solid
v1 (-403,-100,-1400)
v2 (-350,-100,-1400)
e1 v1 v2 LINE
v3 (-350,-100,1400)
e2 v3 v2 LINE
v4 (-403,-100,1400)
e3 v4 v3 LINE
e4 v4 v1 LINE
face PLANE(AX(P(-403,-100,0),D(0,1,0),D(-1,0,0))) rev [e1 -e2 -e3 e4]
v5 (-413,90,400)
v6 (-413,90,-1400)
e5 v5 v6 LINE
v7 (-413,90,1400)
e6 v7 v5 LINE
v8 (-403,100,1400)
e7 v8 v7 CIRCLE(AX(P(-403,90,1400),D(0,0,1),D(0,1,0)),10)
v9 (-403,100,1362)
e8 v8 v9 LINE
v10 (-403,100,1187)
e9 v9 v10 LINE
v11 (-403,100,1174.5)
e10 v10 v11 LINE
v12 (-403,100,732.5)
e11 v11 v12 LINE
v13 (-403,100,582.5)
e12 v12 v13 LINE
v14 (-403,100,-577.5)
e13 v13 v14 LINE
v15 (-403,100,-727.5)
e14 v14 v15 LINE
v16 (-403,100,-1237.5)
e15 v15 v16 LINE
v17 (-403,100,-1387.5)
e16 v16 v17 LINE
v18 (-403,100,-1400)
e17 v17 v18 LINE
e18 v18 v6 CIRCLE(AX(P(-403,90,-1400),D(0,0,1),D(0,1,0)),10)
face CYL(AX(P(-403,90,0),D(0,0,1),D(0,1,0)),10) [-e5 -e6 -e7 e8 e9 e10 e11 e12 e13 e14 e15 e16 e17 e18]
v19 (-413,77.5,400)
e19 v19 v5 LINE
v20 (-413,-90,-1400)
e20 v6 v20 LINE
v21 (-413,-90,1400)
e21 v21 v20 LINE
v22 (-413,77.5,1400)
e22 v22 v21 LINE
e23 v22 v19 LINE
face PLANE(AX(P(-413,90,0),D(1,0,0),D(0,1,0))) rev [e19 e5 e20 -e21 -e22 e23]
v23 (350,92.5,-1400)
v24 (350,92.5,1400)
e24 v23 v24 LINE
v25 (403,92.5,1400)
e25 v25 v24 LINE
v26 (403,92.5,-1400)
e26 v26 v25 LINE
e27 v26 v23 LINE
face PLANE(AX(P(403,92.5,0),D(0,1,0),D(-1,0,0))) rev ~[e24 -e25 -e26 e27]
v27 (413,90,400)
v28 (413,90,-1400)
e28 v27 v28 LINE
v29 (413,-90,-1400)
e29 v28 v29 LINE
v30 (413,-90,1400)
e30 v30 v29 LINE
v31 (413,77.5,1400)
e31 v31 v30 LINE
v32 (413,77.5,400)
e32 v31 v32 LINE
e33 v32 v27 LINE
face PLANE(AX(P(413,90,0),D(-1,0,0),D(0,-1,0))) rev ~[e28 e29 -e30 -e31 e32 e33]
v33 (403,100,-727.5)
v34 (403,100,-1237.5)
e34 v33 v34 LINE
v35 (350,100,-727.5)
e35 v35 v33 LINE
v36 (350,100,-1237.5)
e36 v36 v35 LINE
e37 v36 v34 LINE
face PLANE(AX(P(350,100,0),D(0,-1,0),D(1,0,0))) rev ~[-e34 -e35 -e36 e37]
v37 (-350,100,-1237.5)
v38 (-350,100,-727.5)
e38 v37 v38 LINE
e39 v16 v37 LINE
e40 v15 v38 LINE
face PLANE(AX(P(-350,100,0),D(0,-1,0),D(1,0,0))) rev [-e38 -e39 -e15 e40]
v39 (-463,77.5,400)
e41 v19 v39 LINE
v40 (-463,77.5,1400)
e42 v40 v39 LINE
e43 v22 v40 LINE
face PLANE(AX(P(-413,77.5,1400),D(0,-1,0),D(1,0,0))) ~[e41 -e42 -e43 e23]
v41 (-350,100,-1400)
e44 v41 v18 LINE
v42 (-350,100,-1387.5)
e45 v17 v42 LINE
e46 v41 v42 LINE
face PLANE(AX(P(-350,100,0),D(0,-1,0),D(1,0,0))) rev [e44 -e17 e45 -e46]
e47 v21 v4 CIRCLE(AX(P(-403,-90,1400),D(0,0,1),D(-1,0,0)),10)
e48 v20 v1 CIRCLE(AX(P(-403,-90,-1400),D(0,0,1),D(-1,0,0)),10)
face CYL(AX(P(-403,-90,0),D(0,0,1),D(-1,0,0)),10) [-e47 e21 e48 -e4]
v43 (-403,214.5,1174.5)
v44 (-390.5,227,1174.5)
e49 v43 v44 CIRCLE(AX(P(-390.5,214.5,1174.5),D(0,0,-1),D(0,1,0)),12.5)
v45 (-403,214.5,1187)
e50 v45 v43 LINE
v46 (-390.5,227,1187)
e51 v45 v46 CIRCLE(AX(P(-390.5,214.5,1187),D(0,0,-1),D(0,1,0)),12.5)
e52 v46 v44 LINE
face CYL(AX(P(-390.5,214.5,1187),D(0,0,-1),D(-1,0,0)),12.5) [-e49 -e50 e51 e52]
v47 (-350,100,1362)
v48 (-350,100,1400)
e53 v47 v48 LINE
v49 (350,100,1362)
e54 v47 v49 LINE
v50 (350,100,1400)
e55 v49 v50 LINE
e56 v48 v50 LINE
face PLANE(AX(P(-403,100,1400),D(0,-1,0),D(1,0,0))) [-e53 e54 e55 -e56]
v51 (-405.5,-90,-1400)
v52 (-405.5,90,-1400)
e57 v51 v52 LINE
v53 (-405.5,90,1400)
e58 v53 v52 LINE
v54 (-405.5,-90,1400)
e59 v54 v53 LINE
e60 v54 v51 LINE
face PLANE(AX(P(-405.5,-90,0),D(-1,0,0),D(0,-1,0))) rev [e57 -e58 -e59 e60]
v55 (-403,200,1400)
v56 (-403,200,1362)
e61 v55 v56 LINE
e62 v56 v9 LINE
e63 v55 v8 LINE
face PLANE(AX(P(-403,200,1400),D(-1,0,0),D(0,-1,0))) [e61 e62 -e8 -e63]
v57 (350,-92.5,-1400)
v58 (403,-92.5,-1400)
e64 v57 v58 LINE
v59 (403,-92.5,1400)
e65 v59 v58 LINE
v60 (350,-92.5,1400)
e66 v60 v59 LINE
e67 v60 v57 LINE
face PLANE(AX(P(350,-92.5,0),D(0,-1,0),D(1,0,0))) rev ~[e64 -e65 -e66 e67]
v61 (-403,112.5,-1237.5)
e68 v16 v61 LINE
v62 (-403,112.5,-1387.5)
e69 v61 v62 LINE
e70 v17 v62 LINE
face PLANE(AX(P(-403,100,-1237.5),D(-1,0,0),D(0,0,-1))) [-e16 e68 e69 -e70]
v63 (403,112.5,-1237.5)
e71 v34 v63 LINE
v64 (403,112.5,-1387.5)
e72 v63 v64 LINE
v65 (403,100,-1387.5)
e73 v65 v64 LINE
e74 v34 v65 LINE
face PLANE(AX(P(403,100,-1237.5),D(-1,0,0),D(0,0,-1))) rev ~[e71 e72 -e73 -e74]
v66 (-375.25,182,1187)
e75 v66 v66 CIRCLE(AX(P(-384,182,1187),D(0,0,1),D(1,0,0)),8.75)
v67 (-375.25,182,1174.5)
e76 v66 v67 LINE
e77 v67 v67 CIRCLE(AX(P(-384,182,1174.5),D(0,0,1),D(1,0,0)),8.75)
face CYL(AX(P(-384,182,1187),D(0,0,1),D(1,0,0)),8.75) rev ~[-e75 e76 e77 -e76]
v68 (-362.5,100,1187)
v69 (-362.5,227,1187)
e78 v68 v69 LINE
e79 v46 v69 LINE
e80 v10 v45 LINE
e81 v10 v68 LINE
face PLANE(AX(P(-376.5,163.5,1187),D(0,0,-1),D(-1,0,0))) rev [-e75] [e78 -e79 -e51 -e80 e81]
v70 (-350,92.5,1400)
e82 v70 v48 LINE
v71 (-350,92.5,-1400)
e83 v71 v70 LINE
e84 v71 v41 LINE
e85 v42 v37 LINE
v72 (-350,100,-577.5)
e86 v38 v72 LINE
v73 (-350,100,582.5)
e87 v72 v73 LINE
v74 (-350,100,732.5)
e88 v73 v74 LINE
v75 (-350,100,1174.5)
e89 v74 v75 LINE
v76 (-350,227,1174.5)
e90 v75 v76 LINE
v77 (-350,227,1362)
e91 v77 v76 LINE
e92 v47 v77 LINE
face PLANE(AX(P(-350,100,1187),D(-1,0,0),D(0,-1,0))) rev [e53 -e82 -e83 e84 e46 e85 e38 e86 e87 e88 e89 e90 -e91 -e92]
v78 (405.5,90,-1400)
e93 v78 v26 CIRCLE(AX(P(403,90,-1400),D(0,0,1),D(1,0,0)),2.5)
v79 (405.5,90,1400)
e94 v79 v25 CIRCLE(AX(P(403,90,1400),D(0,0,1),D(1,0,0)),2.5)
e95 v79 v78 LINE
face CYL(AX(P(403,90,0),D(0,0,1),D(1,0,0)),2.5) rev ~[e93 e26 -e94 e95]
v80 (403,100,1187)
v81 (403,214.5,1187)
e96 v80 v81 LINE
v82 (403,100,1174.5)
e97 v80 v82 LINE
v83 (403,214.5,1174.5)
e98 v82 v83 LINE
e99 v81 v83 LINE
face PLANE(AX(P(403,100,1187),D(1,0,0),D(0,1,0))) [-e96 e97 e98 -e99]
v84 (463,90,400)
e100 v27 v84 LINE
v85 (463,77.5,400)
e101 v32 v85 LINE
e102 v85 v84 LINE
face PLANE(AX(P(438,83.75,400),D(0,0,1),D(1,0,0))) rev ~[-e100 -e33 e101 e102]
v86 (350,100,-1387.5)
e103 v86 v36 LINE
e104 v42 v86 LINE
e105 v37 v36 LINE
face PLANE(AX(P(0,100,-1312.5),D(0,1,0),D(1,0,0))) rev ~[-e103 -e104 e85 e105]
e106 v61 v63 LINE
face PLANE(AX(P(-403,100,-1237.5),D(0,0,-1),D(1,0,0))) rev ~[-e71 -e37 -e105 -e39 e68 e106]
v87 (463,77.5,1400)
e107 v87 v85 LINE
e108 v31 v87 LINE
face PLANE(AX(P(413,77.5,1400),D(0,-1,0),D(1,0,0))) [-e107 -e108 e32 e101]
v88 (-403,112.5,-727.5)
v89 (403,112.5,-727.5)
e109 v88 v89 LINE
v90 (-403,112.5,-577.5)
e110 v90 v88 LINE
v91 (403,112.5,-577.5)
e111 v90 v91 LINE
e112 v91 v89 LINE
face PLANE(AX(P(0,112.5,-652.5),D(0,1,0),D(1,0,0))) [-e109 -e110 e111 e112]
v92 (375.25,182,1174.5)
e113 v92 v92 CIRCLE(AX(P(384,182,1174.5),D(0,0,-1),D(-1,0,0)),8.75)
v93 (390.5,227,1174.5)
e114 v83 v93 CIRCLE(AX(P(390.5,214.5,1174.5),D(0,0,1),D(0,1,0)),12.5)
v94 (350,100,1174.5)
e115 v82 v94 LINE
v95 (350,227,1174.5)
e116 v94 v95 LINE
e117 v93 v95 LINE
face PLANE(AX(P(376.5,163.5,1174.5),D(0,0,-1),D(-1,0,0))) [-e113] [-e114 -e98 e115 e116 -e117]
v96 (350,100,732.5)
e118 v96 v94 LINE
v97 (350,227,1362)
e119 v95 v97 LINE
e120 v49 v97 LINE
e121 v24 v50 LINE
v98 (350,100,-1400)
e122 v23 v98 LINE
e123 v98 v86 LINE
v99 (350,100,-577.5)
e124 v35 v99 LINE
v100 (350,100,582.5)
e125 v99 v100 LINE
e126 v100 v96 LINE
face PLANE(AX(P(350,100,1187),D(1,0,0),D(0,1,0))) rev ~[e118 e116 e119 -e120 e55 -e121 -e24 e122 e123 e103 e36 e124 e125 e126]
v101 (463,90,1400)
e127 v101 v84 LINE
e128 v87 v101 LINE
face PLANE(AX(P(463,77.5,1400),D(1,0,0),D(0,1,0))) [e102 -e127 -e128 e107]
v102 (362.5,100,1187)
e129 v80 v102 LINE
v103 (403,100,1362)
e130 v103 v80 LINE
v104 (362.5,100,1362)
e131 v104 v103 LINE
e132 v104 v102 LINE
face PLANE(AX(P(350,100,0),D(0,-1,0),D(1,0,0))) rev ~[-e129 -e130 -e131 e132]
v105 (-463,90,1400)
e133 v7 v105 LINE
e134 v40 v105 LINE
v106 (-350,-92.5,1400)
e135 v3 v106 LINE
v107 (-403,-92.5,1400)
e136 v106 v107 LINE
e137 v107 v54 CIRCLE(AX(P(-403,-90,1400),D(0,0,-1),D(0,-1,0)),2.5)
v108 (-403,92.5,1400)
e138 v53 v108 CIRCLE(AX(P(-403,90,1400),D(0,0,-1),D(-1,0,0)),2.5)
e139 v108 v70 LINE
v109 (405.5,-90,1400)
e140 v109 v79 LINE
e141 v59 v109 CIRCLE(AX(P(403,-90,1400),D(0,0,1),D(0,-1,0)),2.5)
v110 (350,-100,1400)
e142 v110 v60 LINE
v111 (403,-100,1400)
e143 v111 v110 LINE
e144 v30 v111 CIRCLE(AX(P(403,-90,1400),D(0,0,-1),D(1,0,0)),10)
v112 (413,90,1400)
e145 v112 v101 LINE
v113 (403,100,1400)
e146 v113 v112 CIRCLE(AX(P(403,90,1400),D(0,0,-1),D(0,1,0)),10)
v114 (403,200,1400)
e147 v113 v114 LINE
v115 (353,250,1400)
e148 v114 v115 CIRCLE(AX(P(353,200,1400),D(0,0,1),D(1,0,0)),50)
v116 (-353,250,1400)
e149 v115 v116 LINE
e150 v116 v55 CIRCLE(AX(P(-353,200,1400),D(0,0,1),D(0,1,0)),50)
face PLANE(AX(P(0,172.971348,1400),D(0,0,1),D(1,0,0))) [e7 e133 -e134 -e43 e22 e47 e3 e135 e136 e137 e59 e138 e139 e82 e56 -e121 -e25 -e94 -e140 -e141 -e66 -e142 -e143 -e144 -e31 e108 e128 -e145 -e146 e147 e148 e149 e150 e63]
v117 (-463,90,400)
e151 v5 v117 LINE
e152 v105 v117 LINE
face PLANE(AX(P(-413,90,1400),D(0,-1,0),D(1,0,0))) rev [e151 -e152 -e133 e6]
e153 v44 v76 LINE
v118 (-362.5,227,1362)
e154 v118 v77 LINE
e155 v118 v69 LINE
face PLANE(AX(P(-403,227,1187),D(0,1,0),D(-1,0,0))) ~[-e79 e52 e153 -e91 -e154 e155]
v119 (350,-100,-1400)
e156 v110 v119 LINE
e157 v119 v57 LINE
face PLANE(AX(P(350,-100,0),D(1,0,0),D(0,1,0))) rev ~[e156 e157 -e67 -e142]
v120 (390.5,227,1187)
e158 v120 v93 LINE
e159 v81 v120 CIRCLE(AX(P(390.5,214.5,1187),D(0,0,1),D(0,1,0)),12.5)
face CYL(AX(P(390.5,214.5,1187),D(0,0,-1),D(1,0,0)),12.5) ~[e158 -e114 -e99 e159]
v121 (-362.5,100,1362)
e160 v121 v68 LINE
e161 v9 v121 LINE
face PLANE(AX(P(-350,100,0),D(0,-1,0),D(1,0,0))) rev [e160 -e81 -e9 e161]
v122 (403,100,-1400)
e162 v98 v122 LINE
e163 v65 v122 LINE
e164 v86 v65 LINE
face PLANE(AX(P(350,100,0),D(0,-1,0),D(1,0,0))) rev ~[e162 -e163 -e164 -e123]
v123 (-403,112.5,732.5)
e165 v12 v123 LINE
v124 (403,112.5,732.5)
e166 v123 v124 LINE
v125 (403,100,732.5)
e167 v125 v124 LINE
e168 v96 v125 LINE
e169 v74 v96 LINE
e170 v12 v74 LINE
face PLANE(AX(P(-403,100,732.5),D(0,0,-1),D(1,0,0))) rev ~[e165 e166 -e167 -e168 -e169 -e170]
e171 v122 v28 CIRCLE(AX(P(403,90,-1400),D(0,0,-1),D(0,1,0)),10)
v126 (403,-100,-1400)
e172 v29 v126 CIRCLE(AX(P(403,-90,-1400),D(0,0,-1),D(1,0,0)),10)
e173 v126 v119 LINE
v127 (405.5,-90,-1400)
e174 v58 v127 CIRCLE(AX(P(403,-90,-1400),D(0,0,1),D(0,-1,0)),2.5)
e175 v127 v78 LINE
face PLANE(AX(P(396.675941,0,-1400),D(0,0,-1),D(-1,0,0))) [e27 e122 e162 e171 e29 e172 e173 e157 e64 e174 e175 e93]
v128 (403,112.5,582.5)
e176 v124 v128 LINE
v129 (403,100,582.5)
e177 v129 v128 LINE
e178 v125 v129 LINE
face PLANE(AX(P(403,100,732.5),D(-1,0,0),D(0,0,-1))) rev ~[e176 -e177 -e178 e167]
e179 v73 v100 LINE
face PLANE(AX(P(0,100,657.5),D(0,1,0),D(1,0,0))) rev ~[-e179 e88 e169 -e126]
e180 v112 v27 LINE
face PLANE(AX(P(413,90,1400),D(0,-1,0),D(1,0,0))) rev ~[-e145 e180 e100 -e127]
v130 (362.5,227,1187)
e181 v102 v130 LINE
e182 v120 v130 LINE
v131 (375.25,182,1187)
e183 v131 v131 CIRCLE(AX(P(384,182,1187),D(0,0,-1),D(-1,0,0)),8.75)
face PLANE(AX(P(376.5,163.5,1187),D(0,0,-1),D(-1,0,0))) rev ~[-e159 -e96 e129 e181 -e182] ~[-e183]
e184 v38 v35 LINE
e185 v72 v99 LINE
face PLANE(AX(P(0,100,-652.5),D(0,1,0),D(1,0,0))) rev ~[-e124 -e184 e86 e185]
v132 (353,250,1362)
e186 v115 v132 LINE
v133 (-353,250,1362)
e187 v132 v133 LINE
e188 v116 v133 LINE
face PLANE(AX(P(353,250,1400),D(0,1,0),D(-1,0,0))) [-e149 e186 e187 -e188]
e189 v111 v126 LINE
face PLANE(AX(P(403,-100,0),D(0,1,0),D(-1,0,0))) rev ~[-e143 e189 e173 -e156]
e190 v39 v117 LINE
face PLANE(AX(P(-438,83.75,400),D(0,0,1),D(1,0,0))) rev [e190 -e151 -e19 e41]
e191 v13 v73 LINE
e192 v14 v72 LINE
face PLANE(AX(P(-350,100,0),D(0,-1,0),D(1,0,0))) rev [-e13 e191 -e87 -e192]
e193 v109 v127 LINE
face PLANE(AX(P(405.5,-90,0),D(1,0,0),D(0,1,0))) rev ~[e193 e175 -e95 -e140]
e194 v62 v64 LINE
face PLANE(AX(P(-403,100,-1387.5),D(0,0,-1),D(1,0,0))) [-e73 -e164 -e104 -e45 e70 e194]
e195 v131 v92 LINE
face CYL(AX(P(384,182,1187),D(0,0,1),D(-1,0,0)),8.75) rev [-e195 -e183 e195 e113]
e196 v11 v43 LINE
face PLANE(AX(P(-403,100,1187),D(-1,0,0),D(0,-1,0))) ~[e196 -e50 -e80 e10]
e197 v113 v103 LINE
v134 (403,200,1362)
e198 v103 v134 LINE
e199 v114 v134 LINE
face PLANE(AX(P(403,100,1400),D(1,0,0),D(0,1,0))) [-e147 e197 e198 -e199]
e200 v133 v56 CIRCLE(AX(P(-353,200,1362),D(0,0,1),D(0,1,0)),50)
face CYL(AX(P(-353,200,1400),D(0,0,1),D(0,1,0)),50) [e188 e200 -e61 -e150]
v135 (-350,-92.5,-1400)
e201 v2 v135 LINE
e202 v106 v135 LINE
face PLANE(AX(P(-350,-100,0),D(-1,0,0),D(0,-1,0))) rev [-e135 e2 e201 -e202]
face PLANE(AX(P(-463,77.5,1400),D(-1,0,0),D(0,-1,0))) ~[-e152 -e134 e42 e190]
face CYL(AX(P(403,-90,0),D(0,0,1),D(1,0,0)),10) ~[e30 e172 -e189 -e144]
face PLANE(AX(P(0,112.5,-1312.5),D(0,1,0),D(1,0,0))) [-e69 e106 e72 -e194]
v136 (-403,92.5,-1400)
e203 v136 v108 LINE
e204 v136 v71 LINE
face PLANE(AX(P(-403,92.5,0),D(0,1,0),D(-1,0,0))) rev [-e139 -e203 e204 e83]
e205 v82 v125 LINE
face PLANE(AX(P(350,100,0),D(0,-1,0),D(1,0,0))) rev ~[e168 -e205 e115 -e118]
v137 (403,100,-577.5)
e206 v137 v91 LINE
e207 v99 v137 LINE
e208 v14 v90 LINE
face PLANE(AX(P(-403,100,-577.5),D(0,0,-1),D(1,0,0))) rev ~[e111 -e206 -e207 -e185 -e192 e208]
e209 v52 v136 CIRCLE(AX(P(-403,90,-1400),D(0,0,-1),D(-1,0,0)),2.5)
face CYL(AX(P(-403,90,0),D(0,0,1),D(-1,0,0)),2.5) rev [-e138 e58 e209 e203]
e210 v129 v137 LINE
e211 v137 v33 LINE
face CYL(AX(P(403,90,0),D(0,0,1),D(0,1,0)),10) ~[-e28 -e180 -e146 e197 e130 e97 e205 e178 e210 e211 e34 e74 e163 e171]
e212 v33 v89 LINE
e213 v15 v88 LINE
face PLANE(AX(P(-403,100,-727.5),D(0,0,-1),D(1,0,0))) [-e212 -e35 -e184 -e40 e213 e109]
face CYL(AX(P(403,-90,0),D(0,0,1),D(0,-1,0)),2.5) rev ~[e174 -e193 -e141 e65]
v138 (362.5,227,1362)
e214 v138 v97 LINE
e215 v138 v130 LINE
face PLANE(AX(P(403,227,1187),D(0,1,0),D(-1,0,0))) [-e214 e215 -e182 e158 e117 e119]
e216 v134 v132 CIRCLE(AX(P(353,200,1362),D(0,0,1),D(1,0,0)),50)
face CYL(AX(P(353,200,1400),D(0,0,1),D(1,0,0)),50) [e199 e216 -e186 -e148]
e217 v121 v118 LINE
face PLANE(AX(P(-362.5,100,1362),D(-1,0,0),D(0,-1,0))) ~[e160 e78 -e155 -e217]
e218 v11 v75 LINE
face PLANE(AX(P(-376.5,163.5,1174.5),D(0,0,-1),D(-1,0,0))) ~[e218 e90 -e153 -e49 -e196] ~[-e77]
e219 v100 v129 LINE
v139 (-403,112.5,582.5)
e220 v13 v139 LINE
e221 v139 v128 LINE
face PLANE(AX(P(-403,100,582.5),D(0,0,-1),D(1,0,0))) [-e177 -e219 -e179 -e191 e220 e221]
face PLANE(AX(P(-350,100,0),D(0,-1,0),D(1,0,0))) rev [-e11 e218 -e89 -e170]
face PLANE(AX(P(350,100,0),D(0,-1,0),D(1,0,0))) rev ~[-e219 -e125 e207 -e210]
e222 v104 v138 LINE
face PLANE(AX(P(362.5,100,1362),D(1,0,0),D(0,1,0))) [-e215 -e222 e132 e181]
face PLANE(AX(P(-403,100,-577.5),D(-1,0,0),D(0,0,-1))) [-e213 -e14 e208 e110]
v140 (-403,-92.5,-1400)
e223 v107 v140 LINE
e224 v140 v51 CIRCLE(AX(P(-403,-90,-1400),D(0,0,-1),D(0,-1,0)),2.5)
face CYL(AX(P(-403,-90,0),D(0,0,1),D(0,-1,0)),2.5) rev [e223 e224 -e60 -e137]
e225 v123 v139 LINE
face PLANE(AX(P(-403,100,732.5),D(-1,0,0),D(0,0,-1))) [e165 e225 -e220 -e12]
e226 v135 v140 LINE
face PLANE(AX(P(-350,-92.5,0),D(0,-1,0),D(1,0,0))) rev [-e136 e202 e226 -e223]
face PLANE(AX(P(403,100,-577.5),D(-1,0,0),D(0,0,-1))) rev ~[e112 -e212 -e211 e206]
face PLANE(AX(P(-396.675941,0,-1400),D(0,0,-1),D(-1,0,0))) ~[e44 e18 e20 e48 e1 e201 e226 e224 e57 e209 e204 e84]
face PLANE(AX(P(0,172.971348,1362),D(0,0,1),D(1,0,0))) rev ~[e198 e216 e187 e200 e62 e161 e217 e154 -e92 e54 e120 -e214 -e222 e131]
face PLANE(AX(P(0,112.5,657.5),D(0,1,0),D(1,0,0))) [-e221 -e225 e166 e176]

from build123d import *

# Parameters (mm, degrees)
EXTRUDE_THIN1_DEPTH  = 1400
SKETCH2_W            = 50
SKETCH2_H            = 12.5
BOSS_EXTRUDE1_DEPTH  = 1000
BOSS_EXTRUDE2_DEPTH  = 38
SKETCH4_W            = 806
SKETCH4_H            = 150
BOSS_EXTRUDE3_DEPTH  = 12.5
LPATTERN1_COUNT      = 2
LPATTERN1_PITCH      = 660
LPATTERN2_COUNT      = 2
LPATTERN2_PITCH      = 1970
SKETCH5_W            = 12.5
SKETCH5_H            = 127
BOSS_EXTRUDE4_DEPTH  = 175
SKETCH6_W            = 53
SKETCH6_H            = 127
SKETCH6_R            = 8.75
BOSS_EXTRUDE5_DEPTH  = 12.5
FILLET1_R            = 12.5
FILLET1_OF_MIRROR3_R = 12.5


with BuildPart() as part:
    # Sketch1 → Extrude-Thin1 (new, symmetric)
    with BuildSketch(Plane.XY):
        with BuildLine():
            Line((350, 100), (403, 100))
            ThreePointArc((403, 100), (410.071067812, 97.071067812), (413, 90))
            Line((413, 90), (413, -90))
            ThreePointArc((413, -90), (410.071067812, -97.071067812), (403, -100))
            Line((403, -100), (350, -100))
            Line((350, -100), (350, -92.5))
            Line((350, -92.5), (403, -92.5))
            ThreePointArc((403, -92.5), (404.767766953, -91.767766953), (405.5, -90))
            Line((405.5, -90), (405.5, 90))
            ThreePointArc((405.5, 90), (404.767766953, 91.767766953), (403, 92.5))
            Line((403, 92.5), (350, 92.5))
            Line((350, 92.5), (350, 100))
        make_face()
    extrude(amount=EXTRUDE_THIN1_DEPTH, both=True)

    # Sketch2 → Boss-Extrude1 (add)
    with BuildSketch(Plane.XY.offset(1400)):
        with Locations((438, 83.75)):
            Rectangle(SKETCH2_W, SKETCH2_H)
    extrude(amount=-BOSS_EXTRUDE1_DEPTH)


with BuildPart() as body_2:
    # Mirror2: mirrored copy
    add(part.part.mirror(Plane(origin=(0, 0, 0), x_dir=(0, 0, 1), z_dir=(1, 0, 0))))


with BuildPart() as part_1:
    add(part.part)

    add(body_2.part)  # Boss-Extrude2 merges body 2
    # Sketch3 → Boss-Extrude2 (add)
    with BuildSketch(Plane.XY.offset(1400)):
        with BuildLine():
            Line((-403, 100), (403, 100))
            Line((403, 100), (403, 200))
            ThreePointArc((403, 200), (388.355339059, 235.355339059), (353, 250))
            Line((353, 250), (-353, 250))
            ThreePointArc((-353, 250), (-388.355339059, 235.355339059), (-403, 200))
            Line((-403, 200), (-403, 100))
        make_face()
    extrude(amount=-BOSS_EXTRUDE2_DEPTH)

    # Sketch4 → Boss-Extrude3 (add)
    with BuildSketch(Plane(origin=(0, 100, 0), x_dir=(1, 0, 0), z_dir=(0, 1, 0))):
        with Locations((0, 1312.5)):
            Rectangle(SKETCH4_W, SKETCH4_H)
    boss_extrude3 = extrude(amount=BOSS_EXTRUDE3_DEPTH)

    # LPattern1: Boss-Extrude3 ×2
    with Locations(*[(0, 0, i * LPATTERN1_PITCH) for i in range(1, LPATTERN1_COUNT)]):
        add(boss_extrude3)

    # LPattern2: Boss-Extrude3 ×2
    with Locations(*[(0, 0, i * LPATTERN2_PITCH) for i in range(1, LPATTERN2_COUNT)]):
        add(boss_extrude3)

    # Sketch5 → Boss-Extrude4 (add)
    with BuildSketch(Plane(origin=(0, 0, 1362), x_dir=(-1, 0, 0), z_dir=(0, 0, -1))):
        with Locations((-356.25, 163.5)):
            Rectangle(SKETCH5_W, SKETCH5_H)
    boss_extrude4 = extrude(amount=BOSS_EXTRUDE4_DEPTH)

    # Sketch6 → Boss-Extrude5 (add)
    with BuildSketch(Plane(origin=(0, 0, 1187), x_dir=(-1, 0, 0), z_dir=(0, 0, -1))):
        with Locations((-376.5, 163.5)):
            Rectangle(SKETCH6_W, SKETCH6_H)
        with Locations((-384, 182)):
            Circle(SKETCH6_R, mode=Mode.SUBTRACT)
    boss_extrude5 = extrude(amount=BOSS_EXTRUDE5_DEPTH)

    # Fillet1
    fillet1_edges = [part_1.edges().sort_by_distance(p)[0] for p in [
        (403, 227, 1180.75),
    ]]
    fillet(fillet1_edges, radius=FILLET1_R)

    # Mirror3: Boss-Extrude4, Boss-Extrude5 across plane
    add(boss_extrude4.mirror(Plane(origin=(0, 0, 0), x_dir=(0, 0, 1), z_dir=(1, 0, 0))))
    add(boss_extrude5.mirror(Plane(origin=(0, 0, 0), x_dir=(0, 0, 1), z_dir=(1, 0, 0))))

    # Fillet1 of Mirror3
    fillet1_of_mirror3_edges = [part_1.edges().sort_by_distance(p)[0] for p in [
        (-403, 227, 1180.75),
    ]]
    fillet(fillet1_of_mirror3_edges, radius=FILLET1_OF_MIRROR3_R)


solid = part_1.part
